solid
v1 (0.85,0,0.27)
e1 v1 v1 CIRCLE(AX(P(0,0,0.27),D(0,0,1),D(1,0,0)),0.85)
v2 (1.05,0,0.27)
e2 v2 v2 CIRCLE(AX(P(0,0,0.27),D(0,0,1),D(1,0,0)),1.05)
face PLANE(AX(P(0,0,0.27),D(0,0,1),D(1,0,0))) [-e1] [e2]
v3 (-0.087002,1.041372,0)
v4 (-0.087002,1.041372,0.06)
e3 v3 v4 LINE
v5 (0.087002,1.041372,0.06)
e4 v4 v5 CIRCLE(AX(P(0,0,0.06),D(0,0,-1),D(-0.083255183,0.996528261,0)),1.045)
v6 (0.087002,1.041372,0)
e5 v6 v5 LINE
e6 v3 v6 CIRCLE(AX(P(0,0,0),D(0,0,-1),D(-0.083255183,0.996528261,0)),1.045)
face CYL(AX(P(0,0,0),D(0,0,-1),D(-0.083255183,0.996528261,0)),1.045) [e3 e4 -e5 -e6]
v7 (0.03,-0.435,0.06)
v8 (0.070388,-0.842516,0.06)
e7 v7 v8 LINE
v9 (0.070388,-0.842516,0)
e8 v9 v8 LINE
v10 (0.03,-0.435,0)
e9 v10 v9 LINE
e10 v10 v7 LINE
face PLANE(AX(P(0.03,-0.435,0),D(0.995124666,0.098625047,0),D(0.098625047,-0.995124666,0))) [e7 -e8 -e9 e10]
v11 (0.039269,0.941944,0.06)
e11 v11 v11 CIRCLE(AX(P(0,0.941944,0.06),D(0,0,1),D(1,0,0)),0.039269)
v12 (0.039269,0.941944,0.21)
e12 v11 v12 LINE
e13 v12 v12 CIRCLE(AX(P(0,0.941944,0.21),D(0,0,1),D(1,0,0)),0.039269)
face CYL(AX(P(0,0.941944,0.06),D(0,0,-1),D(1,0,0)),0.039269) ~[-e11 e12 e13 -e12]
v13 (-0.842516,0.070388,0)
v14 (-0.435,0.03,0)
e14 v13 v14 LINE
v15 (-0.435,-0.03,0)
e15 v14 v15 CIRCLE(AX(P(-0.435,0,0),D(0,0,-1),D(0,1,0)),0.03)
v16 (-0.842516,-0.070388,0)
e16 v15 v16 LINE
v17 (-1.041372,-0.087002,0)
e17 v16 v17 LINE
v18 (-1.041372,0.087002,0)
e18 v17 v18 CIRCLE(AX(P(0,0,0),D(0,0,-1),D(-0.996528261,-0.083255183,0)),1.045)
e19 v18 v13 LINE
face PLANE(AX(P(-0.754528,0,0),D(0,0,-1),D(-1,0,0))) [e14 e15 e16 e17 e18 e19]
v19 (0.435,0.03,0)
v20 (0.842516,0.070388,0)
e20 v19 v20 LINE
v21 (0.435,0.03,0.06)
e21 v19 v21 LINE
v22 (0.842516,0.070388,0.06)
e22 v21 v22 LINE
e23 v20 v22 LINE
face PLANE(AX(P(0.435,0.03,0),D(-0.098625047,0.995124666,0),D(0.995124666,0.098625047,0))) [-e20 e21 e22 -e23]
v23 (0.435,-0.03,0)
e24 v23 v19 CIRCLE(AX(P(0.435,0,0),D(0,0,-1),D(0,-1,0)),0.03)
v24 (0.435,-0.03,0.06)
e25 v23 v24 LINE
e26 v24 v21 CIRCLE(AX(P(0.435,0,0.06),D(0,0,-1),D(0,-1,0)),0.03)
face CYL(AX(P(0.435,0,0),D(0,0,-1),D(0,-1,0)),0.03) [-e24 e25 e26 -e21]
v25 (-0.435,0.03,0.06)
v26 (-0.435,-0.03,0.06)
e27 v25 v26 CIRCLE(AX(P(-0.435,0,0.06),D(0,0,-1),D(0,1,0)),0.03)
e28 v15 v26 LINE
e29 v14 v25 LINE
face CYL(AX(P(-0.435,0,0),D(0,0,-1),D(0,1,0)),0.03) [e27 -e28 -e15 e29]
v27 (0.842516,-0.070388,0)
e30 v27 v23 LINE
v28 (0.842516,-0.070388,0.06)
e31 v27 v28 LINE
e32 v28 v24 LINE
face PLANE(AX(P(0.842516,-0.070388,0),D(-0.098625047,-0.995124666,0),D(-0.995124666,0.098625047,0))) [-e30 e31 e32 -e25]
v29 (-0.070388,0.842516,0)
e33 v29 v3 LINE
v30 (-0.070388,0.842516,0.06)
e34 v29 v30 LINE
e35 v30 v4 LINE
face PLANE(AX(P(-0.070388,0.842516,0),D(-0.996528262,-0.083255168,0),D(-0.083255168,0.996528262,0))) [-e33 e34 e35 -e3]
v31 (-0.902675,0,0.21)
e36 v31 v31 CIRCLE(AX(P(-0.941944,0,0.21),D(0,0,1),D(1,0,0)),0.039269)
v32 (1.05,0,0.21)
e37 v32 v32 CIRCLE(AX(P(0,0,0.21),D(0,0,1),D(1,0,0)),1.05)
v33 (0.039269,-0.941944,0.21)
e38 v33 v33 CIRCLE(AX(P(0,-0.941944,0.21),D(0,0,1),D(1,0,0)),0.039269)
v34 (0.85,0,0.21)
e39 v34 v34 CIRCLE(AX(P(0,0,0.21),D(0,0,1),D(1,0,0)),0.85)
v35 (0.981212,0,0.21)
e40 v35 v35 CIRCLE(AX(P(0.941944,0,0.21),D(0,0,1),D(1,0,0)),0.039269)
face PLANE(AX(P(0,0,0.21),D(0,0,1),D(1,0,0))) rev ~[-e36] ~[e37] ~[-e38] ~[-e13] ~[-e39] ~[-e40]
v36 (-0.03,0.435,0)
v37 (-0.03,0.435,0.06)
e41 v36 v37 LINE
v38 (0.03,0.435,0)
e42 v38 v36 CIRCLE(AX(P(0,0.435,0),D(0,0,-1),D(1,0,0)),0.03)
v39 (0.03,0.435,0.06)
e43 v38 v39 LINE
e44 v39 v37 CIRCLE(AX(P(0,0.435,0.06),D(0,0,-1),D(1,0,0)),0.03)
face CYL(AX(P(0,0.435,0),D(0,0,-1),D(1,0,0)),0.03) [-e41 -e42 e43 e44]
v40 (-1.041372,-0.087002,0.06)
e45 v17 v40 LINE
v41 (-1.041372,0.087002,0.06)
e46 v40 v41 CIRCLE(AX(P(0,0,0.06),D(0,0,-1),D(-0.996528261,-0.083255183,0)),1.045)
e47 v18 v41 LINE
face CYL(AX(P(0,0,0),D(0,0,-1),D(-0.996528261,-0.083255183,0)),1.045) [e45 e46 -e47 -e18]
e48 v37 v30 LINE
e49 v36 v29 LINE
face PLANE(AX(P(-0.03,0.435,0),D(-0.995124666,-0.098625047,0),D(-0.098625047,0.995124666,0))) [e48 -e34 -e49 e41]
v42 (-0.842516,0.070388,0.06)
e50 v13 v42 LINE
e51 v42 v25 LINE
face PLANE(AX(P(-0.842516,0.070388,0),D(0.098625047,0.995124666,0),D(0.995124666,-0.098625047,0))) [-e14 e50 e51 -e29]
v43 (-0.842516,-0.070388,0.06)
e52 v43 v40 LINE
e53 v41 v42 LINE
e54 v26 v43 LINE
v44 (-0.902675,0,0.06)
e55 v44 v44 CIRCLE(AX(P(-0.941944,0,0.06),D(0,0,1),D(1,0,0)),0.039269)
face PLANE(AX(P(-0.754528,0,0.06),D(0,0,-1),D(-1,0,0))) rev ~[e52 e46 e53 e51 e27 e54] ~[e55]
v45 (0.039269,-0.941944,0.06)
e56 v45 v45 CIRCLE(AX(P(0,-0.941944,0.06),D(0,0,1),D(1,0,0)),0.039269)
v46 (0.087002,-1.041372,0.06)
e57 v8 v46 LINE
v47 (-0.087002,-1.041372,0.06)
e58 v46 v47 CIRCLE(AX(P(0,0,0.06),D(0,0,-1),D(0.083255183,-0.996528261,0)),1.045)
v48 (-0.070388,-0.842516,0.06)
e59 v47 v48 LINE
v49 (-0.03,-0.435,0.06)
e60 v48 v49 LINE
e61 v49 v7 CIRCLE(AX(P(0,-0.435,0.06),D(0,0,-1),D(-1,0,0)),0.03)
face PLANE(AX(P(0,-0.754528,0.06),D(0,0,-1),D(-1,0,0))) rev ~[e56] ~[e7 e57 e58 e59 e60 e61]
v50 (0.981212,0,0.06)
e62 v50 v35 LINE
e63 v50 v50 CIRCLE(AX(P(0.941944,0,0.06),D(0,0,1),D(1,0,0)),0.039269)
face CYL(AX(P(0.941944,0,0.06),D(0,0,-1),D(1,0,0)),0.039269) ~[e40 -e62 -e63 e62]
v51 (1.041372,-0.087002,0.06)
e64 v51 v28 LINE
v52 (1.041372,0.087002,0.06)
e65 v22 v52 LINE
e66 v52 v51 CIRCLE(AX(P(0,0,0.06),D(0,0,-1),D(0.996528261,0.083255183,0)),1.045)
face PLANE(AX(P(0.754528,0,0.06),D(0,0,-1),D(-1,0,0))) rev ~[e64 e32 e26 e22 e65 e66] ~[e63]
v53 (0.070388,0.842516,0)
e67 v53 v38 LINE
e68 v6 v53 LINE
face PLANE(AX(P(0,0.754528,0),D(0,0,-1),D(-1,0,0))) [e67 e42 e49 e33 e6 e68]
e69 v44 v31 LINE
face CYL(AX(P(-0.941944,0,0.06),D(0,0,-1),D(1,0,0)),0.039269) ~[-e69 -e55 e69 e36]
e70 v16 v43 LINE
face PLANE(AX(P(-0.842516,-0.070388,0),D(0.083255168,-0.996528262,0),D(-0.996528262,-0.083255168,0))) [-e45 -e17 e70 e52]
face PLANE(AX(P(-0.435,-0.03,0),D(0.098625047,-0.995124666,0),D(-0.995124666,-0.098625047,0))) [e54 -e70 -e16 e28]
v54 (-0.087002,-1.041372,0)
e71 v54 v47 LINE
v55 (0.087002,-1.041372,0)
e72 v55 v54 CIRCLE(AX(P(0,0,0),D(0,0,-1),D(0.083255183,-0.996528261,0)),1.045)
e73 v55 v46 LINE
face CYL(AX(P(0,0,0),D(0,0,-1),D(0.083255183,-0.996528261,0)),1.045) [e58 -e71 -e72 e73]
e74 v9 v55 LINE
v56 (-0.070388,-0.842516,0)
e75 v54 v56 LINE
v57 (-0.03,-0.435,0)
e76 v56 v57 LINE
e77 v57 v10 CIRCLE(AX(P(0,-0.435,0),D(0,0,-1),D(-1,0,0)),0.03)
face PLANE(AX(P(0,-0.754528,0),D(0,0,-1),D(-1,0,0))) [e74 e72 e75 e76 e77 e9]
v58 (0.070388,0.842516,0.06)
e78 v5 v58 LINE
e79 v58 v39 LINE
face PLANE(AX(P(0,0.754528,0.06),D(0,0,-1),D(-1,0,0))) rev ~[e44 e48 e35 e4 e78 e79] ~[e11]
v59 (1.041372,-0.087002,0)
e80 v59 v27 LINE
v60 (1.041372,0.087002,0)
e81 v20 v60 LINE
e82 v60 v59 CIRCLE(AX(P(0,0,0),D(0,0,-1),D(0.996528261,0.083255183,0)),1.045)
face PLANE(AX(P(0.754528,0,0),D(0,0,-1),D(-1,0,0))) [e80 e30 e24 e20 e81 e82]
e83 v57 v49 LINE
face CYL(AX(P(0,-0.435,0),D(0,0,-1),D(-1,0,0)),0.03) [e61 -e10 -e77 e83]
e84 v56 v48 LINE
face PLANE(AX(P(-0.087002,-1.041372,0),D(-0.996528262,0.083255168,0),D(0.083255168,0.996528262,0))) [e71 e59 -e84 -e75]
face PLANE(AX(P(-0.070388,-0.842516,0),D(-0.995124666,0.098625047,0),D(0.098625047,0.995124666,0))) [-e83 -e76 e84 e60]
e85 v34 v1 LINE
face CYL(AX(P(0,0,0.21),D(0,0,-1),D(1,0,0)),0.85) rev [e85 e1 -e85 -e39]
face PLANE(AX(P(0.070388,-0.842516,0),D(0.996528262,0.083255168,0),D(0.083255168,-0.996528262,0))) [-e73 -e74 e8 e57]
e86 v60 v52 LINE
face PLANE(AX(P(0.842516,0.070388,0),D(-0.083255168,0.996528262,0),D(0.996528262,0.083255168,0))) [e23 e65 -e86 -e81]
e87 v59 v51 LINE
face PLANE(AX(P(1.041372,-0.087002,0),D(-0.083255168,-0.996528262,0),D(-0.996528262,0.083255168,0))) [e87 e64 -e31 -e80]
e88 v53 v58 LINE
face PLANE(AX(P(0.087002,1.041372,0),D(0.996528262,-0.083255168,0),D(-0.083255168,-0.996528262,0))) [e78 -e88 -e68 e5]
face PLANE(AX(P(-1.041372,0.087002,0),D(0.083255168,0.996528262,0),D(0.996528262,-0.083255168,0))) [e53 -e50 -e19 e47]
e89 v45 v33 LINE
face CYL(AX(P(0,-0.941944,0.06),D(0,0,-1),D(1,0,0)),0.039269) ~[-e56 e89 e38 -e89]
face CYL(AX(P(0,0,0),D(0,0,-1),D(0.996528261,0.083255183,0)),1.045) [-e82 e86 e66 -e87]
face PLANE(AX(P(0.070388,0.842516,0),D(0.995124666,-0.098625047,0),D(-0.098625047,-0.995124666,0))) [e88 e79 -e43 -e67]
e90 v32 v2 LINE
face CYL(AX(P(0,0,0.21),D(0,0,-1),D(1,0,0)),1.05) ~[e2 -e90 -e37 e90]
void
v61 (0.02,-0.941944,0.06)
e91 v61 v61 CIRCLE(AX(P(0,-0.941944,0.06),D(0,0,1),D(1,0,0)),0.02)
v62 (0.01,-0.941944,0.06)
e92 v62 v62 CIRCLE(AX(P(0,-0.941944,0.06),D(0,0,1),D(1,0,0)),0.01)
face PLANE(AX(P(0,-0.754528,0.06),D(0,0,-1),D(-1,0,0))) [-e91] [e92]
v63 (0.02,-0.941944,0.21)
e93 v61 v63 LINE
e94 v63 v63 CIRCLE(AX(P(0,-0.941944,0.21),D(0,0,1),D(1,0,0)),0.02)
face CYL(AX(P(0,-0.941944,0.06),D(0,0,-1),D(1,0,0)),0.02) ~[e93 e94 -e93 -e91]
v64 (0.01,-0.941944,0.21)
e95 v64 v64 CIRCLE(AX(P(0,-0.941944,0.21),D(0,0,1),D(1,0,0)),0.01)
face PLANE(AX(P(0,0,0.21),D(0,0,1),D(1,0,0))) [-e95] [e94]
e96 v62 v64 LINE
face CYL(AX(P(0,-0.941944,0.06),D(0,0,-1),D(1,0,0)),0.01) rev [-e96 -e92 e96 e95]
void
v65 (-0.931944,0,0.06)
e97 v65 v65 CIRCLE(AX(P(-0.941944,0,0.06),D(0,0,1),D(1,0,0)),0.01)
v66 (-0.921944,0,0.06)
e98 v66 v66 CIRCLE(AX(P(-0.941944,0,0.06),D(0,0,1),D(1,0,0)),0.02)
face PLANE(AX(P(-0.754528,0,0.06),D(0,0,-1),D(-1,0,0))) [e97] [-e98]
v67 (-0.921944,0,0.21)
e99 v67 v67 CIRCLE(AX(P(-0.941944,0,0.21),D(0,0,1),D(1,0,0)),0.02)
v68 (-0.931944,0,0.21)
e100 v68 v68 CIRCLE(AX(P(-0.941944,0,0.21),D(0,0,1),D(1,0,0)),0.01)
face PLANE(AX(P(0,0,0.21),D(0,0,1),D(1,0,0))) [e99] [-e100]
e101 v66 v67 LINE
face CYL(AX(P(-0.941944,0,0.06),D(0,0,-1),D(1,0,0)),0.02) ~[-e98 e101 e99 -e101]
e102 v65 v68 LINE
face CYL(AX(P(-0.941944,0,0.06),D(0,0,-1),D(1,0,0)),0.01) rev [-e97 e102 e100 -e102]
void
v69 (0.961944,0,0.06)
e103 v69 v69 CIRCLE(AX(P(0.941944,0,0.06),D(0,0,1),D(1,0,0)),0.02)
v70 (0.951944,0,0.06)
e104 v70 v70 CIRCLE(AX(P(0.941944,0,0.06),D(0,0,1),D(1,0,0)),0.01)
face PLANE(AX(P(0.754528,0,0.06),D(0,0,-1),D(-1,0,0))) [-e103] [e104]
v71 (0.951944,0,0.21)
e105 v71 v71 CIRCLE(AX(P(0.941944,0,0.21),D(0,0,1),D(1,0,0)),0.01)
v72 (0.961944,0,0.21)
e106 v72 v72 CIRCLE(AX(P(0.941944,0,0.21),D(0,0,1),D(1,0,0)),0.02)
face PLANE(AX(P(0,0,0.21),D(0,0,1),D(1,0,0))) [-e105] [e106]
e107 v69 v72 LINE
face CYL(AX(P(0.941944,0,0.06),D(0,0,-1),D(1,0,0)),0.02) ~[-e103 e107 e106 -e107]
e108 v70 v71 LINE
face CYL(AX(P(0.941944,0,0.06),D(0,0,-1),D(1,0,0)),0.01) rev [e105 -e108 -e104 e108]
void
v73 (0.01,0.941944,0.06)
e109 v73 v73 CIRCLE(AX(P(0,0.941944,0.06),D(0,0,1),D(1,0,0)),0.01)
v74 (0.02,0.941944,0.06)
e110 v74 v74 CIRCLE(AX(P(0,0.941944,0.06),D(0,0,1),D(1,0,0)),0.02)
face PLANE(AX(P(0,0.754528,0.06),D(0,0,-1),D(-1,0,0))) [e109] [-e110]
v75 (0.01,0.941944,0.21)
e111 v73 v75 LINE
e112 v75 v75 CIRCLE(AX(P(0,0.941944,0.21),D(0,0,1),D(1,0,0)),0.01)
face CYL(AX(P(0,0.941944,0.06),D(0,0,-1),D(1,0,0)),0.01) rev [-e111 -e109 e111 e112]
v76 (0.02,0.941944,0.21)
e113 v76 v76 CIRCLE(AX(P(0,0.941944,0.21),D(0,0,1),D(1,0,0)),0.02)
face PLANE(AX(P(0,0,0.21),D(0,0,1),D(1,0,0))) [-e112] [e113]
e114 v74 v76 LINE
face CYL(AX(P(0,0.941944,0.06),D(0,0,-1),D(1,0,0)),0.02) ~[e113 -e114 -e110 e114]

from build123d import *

# Parameters (mm, degrees)
EXTRUDE_1_DEPTH   = 0.06
EXTRUDE_1_2_DEPTH = 0.06
EXTRUDE_1_3_DEPTH = 0.06
EXTRUDE_1_4_DEPTH = 0.06
SKETCH_2_R        = 0.01
EXTRUDE_2_DEPTH   = 0.15
SKETCH_3_R        = 1.05
SKETCH_3_R_2      = 0.85
EXTRUDE_3_DEPTH   = 0.06
SKETCH_6_R        = 0.039268628
SKETCH_6_R_2      = 0.02
EXTRUDE_4_DEPTH   = 0.15


with BuildPart() as part:
    # 草圖1 → 填料-伸長1 (new body)
    with BuildSketch(Plane.XY):
        with BuildLine():
            Line((-0.03, 0.435), (-0.070388149, 0.842515581))
            Line((-0.070388149, 0.842515581), (-0.087001654, 1.041372033))
            ThreePointArc((-0.087001654, 1.041372033), (0, 1.045), (0.087001654, 1.041372033))
            Line((0.087001654, 1.041372033), (0.070388149, 0.842515581))
            Line((0.070388149, 0.842515581), (0.03, 0.435))
            ThreePointArc((0.03, 0.435), (0, 0.405), (-0.03, 0.435))
        make_face()
    extrude(amount=EXTRUDE_1_DEPTH)



with BuildPart() as body_2:
    # 草圖1 → Extrude 1 2 (new body)
    with BuildSketch(Plane.XY):
        with BuildLine():
            Line((0.435, 0.03), (0.842515581, 0.070388149))
            Line((0.842515581, 0.070388149), (1.041372033, 0.087001654))
            ThreePointArc((1.041372033, 0.087001654), (1.045, 0), (1.041372033, -0.087001654))
            Line((1.041372033, -0.087001654), (0.842515581, -0.070388149))
            Line((0.842515581, -0.070388149), (0.435, -0.03))
            ThreePointArc((0.435, -0.03), (0.405, 0), (0.435, 0.03))
        make_face()
    extrude(amount=EXTRUDE_1_2_DEPTH)


with BuildPart() as body_3:
    # 草圖1 → Extrude 1 3 (new body)
    with BuildSketch(Plane.XY):
        with BuildLine():
            Line((0.03, -0.435), (0.070388149, -0.842515581))
            Line((0.070388149, -0.842515581), (0.087001654, -1.041372033))
            ThreePointArc((0.087001654, -1.041372033), (0, -1.045), (-0.087001654, -1.041372033))
            Line((-0.087001654, -1.041372033), (-0.070388149, -0.842515581))
            Line((-0.070388149, -0.842515581), (-0.03, -0.435))
            ThreePointArc((-0.03, -0.435), (0, -0.405), (0.03, -0.435))
        make_face()
    extrude(amount=EXTRUDE_1_3_DEPTH)


with BuildPart() as body_4:
    # 草圖1 → Extrude 1 4 (new body)
    with BuildSketch(Plane.XY):
        with BuildLine():
            Line((-0.435, -0.03), (-0.842515581, -0.070388149))
            Line((-0.842515581, -0.070388149), (-1.041372033, -0.087001654))
            ThreePointArc((-1.041372033, -0.087001654), (-1.045, 0), (-1.041372033, 0.087001654))
            Line((-1.041372033, 0.087001654), (-0.842515581, 0.070388149))
            Line((-0.842515581, 0.070388149), (-0.435, 0.03))
            ThreePointArc((-0.435, 0.03), (-0.405, 0), (-0.435, -0.03))
        make_face()
    extrude(amount=EXTRUDE_1_4_DEPTH)


with BuildPart() as part_1:
    add(part.part)

    add(body_2.part)  # 填料-伸長2 merges body 2

    add(body_3.part)  # 填料-伸長2 merges body 3

    add(body_4.part)  # 填料-伸長2 merges body 4
    # 草圖2 → 填料-伸長2 (add)
    with BuildSketch(Plane.XY.offset(0.06)):
        with Locations((0.941943807, 0)):
            Circle(SKETCH_2_R)
        with Locations((0, 0.941943807)):
            Circle(SKETCH_2_R)
        with Locations((-0.941943807, 0)):
            Circle(SKETCH_2_R)
        with Locations((0, -0.941943807)):
            Circle(SKETCH_2_R)
    extrude(amount=EXTRUDE_2_DEPTH)

    # 草圖3 → 填料-伸長3 (add)
    with BuildSketch(Plane.XY.offset(0.21)):
        Circle(SKETCH_3_R)
        Circle(SKETCH_3_R_2, mode=Mode.SUBTRACT)
    extrude(amount=EXTRUDE_3_DEPTH)

    # 草圖6 → 填料-伸長4 (add)
    # profile 1 of 4: a face of its own
    with BuildSketch(Plane.XY.offset(0.06)):
        with Locations((0.941943807, 0)):
            Circle(SKETCH_6_R)
        with Locations((0.941943807, 0)):
            Circle(SKETCH_6_R_2, mode=Mode.SUBTRACT)
    # profile 2 of 4: a face of its own
    with BuildSketch(Plane.XY.offset(0.06)):
        with Locations((0, -0.941943807)):
            Circle(SKETCH_6_R)
        with Locations((0, -0.941943807)):
            Circle(SKETCH_6_R_2, mode=Mode.SUBTRACT)
    # profile 3 of 4: a face of its own
    with BuildSketch(Plane.XY.offset(0.06)):
        with Locations((-0.941943807, 0)):
            Circle(SKETCH_6_R)
        with Locations((-0.941943807, 0)):
            Circle(SKETCH_6_R_2, mode=Mode.SUBTRACT)
    # profile 4 of 4: a face of its own
    with BuildSketch(Plane.XY.offset(0.06)):
        with Locations((0, 0.941943807)):
            Circle(SKETCH_6_R)
        with Locations((0, 0.941943807)):
            Circle(SKETCH_6_R_2, mode=Mode.SUBTRACT)
    extrude(amount=EXTRUDE_4_DEPTH)


solid = part_1.part
